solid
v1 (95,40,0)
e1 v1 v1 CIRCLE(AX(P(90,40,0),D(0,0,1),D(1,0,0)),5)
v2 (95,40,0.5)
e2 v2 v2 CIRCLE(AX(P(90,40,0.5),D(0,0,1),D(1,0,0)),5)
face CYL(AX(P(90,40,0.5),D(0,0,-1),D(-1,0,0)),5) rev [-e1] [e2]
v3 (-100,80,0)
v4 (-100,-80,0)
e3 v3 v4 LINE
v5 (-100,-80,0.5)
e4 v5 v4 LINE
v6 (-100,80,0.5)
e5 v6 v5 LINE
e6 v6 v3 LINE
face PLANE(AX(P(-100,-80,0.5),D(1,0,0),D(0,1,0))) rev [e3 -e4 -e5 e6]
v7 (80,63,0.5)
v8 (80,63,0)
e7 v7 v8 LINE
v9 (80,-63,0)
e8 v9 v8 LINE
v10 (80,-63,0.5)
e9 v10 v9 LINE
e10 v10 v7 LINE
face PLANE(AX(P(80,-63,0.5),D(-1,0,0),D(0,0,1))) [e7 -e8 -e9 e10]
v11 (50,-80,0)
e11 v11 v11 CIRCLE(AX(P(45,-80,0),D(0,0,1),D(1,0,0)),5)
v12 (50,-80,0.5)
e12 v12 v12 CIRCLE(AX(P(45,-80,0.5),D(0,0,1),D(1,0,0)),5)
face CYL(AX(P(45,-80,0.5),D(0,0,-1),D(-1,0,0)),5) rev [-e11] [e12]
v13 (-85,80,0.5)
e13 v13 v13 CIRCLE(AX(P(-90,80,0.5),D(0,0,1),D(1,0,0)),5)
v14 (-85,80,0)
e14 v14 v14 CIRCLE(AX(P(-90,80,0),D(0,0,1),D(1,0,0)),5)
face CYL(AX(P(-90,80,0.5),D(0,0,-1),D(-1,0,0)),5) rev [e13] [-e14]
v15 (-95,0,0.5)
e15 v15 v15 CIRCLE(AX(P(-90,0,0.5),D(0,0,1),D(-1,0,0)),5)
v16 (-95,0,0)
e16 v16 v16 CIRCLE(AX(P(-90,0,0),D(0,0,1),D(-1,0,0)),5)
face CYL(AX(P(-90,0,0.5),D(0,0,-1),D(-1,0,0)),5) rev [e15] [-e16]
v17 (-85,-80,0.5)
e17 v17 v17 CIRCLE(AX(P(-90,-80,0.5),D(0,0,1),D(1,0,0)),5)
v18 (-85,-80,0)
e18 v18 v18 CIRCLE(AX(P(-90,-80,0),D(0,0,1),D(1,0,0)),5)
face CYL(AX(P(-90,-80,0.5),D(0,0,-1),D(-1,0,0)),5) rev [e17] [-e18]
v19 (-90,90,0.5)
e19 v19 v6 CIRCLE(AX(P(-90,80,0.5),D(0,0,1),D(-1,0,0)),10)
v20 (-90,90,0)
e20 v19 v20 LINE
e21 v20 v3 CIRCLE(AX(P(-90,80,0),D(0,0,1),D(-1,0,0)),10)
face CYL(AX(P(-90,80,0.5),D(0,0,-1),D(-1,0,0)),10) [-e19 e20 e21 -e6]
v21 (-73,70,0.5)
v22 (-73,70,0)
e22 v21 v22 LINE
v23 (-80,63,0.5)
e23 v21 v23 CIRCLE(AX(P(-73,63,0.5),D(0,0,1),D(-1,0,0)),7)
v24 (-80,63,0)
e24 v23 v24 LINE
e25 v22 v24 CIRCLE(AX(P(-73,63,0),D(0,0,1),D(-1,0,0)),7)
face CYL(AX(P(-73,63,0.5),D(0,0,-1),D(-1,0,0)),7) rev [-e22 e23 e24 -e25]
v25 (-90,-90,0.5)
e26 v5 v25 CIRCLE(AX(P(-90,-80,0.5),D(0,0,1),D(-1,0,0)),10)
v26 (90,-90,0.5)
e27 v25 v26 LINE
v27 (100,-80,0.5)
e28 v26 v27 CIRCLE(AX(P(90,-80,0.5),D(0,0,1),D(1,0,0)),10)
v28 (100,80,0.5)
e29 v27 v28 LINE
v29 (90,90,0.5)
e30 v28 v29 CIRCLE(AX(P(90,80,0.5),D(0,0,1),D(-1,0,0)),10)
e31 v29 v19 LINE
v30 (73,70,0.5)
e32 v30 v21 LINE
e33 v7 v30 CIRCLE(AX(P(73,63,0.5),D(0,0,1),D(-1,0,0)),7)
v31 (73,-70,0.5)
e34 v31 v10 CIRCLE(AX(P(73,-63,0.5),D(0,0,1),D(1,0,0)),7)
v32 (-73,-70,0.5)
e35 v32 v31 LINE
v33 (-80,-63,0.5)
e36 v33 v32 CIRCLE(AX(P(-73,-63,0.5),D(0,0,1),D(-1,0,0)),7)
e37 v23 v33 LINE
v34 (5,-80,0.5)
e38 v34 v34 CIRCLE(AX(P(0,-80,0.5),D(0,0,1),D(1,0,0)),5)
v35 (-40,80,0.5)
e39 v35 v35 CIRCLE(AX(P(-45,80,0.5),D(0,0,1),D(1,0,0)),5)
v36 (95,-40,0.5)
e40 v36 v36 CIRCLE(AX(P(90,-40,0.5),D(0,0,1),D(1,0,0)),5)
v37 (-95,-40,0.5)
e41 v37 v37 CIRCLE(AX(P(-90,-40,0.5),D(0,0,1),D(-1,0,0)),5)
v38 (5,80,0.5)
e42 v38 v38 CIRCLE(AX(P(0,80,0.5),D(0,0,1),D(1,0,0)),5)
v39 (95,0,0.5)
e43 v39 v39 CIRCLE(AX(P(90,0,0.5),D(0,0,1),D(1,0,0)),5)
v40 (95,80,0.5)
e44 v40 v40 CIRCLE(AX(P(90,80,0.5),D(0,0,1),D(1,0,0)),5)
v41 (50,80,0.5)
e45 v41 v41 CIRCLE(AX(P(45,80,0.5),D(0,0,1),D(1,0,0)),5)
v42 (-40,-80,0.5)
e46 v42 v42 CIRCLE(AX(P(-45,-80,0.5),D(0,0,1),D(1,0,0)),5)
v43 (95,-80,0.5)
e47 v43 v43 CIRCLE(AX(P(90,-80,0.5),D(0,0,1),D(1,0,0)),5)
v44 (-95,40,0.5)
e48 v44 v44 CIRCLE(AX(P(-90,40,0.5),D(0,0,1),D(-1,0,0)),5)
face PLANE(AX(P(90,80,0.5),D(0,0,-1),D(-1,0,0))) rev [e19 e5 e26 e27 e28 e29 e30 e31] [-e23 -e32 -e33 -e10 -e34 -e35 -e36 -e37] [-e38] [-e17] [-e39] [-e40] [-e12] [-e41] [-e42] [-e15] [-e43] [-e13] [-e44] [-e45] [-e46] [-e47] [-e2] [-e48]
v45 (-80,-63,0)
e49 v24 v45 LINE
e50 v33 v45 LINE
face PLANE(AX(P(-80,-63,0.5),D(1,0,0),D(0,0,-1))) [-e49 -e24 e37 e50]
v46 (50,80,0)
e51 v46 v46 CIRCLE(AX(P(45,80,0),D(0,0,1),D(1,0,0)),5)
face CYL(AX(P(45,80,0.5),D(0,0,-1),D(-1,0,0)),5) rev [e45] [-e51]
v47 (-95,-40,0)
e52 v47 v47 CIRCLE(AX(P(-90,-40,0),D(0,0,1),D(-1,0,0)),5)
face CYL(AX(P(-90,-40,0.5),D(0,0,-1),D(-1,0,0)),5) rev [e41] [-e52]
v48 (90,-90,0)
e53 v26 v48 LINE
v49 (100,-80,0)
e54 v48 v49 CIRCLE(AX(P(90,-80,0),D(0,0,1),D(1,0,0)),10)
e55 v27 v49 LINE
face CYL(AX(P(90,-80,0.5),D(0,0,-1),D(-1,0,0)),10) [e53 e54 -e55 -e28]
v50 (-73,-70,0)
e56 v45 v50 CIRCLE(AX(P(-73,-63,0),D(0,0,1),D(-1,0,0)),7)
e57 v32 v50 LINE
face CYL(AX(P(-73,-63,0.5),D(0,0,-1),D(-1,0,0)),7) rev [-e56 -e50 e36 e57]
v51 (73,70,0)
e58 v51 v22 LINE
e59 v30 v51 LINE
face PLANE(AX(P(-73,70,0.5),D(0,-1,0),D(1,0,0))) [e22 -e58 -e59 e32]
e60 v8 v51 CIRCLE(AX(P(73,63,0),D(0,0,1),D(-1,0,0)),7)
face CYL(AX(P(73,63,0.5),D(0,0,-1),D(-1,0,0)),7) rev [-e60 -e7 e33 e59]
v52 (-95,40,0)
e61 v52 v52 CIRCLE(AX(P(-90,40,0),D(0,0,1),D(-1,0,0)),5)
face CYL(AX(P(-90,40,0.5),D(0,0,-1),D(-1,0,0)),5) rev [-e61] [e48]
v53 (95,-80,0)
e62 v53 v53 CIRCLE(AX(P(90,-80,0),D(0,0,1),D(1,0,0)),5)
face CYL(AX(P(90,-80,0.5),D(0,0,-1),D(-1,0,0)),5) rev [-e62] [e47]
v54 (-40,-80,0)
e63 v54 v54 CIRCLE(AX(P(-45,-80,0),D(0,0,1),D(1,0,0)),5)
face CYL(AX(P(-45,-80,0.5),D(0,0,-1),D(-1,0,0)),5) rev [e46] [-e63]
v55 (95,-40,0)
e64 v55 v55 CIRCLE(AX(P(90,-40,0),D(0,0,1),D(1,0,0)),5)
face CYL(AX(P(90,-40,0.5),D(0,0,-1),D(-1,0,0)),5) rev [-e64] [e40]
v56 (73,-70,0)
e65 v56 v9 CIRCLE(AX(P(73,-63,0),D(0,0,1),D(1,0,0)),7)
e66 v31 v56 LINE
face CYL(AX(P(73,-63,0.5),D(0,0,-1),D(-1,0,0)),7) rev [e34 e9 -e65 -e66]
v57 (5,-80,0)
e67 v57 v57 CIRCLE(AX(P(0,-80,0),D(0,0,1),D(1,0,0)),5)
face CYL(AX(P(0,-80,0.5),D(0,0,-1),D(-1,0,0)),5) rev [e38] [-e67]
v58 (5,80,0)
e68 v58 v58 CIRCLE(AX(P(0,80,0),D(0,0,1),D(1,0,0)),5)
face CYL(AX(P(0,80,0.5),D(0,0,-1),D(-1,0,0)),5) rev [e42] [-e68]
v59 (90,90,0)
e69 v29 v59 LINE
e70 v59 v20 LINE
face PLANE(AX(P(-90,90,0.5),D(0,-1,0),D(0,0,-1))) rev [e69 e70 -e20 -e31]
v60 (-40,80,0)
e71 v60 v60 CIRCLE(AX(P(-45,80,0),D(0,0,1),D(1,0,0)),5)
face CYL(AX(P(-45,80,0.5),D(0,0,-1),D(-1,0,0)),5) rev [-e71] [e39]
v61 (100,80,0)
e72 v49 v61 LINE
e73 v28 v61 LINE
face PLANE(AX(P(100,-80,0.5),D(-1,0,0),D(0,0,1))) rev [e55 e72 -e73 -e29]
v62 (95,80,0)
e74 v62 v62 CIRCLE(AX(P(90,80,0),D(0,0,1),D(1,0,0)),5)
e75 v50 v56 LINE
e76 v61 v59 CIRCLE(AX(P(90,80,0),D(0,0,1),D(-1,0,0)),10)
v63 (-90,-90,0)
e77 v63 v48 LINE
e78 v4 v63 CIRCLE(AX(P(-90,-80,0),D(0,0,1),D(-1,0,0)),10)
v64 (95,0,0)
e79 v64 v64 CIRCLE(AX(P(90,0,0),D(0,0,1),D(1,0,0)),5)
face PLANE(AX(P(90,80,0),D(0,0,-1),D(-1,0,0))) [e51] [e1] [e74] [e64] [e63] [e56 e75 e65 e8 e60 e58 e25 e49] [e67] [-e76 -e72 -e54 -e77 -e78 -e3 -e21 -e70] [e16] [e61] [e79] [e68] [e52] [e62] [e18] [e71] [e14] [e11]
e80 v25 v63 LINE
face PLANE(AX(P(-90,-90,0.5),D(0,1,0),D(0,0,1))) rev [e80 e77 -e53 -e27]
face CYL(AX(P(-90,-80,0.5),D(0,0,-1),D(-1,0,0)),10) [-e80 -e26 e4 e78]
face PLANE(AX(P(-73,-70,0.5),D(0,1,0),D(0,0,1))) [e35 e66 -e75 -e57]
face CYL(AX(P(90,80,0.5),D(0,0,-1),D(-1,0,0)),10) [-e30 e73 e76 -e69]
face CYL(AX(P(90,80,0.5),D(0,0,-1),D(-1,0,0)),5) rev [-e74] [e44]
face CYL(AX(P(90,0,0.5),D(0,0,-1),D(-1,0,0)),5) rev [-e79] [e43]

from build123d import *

# Parameters (mm, degrees)
SKETCH_1_R      = 5
EXTRUDE_1_DEPTH = 0.5


with BuildPart() as part:
    # 草图1 → 凸台-拉伸1 (new body)
    with BuildSketch(Plane.XY):
        with BuildLine():
            Line((-90, -90), (90, -90))
            ThreePointArc((90, -90), (97.071067812, -87.071067812), (100, -80))
            Line((100, -80), (100, 80))
            ThreePointArc((100, 80), (97.071067812, 87.071067812), (90, 90))
            Line((90, 90), (-90, 90))
            ThreePointArc((-90, 90), (-97.071067812, 87.071067812), (-100, 80))
            Line((-100, 80), (-100, -80))
            ThreePointArc((-100, -80), (-97.071067812, -87.071067812), (-90, -90))
        make_face()
        with Locations((90, -80)):
            Circle(SKETCH_1_R, mode=Mode.SUBTRACT)
        with Locations((90, 80)):
            Circle(SKETCH_1_R, mode=Mode.SUBTRACT)
        with Locations((-90, 80)):
            Circle(SKETCH_1_R, mode=Mode.SUBTRACT)
        with Locations((-90, -80)):
            Circle(SKETCH_1_R, mode=Mode.SUBTRACT)
        with Locations((90, 0)):
            Circle(SKETCH_1_R, mode=Mode.SUBTRACT)
        with Locations((90, -40)):
            Circle(SKETCH_1_R, mode=Mode.SUBTRACT)
        with Locations((90, 40)):
            Circle(SKETCH_1_R, mode=Mode.SUBTRACT)
        with Locations(Location((-90, -40, 0), (0, 0, 180))):
            Circle(SKETCH_1_R, mode=Mode.SUBTRACT)
        with Locations(Location((-90, 0, 0), (0, 0, 180))):
            Circle(SKETCH_1_R, mode=Mode.SUBTRACT)
        with Locations(Location((-90, 40, 0), (0, 0, 180))):
            Circle(SKETCH_1_R, mode=Mode.SUBTRACT)
        with Locations((0, 80)):
            Circle(SKETCH_1_R, mode=Mode.SUBTRACT)
        with Locations((-45, 80)):
            Circle(SKETCH_1_R, mode=Mode.SUBTRACT)
        with Locations((45, 80)):
            Circle(SKETCH_1_R, mode=Mode.SUBTRACT)
        with Locations((0, -80)):
            Circle(SKETCH_1_R, mode=Mode.SUBTRACT)
        with Locations((-45, -80)):
            Circle(SKETCH_1_R, mode=Mode.SUBTRACT)
        with Locations((45, -80)):
            Circle(SKETCH_1_R, mode=Mode.SUBTRACT)
        with BuildLine():
            Line((-73, -70), (73, -70))
            ThreePointArc((73, -70), (77.949747468, -67.949747468), (80, -63))
            Line((80, -63), (80, 63))
            ThreePointArc((80, 63), (77.949747468, 67.949747468), (73, 70))
            Line((73, 70), (-73, 70))
            ThreePointArc((-73, 70), (-77.949747468, 67.949747468), (-80, 63))
            Line((-80, 63), (-80, -63))
            ThreePointArc((-80, -63), (-77.949747468, -67.949747468), (-73, -70))
        make_face(mode=Mode.SUBTRACT)
    extrude(amount=EXTRUDE_1_DEPTH)


solid = part.part
